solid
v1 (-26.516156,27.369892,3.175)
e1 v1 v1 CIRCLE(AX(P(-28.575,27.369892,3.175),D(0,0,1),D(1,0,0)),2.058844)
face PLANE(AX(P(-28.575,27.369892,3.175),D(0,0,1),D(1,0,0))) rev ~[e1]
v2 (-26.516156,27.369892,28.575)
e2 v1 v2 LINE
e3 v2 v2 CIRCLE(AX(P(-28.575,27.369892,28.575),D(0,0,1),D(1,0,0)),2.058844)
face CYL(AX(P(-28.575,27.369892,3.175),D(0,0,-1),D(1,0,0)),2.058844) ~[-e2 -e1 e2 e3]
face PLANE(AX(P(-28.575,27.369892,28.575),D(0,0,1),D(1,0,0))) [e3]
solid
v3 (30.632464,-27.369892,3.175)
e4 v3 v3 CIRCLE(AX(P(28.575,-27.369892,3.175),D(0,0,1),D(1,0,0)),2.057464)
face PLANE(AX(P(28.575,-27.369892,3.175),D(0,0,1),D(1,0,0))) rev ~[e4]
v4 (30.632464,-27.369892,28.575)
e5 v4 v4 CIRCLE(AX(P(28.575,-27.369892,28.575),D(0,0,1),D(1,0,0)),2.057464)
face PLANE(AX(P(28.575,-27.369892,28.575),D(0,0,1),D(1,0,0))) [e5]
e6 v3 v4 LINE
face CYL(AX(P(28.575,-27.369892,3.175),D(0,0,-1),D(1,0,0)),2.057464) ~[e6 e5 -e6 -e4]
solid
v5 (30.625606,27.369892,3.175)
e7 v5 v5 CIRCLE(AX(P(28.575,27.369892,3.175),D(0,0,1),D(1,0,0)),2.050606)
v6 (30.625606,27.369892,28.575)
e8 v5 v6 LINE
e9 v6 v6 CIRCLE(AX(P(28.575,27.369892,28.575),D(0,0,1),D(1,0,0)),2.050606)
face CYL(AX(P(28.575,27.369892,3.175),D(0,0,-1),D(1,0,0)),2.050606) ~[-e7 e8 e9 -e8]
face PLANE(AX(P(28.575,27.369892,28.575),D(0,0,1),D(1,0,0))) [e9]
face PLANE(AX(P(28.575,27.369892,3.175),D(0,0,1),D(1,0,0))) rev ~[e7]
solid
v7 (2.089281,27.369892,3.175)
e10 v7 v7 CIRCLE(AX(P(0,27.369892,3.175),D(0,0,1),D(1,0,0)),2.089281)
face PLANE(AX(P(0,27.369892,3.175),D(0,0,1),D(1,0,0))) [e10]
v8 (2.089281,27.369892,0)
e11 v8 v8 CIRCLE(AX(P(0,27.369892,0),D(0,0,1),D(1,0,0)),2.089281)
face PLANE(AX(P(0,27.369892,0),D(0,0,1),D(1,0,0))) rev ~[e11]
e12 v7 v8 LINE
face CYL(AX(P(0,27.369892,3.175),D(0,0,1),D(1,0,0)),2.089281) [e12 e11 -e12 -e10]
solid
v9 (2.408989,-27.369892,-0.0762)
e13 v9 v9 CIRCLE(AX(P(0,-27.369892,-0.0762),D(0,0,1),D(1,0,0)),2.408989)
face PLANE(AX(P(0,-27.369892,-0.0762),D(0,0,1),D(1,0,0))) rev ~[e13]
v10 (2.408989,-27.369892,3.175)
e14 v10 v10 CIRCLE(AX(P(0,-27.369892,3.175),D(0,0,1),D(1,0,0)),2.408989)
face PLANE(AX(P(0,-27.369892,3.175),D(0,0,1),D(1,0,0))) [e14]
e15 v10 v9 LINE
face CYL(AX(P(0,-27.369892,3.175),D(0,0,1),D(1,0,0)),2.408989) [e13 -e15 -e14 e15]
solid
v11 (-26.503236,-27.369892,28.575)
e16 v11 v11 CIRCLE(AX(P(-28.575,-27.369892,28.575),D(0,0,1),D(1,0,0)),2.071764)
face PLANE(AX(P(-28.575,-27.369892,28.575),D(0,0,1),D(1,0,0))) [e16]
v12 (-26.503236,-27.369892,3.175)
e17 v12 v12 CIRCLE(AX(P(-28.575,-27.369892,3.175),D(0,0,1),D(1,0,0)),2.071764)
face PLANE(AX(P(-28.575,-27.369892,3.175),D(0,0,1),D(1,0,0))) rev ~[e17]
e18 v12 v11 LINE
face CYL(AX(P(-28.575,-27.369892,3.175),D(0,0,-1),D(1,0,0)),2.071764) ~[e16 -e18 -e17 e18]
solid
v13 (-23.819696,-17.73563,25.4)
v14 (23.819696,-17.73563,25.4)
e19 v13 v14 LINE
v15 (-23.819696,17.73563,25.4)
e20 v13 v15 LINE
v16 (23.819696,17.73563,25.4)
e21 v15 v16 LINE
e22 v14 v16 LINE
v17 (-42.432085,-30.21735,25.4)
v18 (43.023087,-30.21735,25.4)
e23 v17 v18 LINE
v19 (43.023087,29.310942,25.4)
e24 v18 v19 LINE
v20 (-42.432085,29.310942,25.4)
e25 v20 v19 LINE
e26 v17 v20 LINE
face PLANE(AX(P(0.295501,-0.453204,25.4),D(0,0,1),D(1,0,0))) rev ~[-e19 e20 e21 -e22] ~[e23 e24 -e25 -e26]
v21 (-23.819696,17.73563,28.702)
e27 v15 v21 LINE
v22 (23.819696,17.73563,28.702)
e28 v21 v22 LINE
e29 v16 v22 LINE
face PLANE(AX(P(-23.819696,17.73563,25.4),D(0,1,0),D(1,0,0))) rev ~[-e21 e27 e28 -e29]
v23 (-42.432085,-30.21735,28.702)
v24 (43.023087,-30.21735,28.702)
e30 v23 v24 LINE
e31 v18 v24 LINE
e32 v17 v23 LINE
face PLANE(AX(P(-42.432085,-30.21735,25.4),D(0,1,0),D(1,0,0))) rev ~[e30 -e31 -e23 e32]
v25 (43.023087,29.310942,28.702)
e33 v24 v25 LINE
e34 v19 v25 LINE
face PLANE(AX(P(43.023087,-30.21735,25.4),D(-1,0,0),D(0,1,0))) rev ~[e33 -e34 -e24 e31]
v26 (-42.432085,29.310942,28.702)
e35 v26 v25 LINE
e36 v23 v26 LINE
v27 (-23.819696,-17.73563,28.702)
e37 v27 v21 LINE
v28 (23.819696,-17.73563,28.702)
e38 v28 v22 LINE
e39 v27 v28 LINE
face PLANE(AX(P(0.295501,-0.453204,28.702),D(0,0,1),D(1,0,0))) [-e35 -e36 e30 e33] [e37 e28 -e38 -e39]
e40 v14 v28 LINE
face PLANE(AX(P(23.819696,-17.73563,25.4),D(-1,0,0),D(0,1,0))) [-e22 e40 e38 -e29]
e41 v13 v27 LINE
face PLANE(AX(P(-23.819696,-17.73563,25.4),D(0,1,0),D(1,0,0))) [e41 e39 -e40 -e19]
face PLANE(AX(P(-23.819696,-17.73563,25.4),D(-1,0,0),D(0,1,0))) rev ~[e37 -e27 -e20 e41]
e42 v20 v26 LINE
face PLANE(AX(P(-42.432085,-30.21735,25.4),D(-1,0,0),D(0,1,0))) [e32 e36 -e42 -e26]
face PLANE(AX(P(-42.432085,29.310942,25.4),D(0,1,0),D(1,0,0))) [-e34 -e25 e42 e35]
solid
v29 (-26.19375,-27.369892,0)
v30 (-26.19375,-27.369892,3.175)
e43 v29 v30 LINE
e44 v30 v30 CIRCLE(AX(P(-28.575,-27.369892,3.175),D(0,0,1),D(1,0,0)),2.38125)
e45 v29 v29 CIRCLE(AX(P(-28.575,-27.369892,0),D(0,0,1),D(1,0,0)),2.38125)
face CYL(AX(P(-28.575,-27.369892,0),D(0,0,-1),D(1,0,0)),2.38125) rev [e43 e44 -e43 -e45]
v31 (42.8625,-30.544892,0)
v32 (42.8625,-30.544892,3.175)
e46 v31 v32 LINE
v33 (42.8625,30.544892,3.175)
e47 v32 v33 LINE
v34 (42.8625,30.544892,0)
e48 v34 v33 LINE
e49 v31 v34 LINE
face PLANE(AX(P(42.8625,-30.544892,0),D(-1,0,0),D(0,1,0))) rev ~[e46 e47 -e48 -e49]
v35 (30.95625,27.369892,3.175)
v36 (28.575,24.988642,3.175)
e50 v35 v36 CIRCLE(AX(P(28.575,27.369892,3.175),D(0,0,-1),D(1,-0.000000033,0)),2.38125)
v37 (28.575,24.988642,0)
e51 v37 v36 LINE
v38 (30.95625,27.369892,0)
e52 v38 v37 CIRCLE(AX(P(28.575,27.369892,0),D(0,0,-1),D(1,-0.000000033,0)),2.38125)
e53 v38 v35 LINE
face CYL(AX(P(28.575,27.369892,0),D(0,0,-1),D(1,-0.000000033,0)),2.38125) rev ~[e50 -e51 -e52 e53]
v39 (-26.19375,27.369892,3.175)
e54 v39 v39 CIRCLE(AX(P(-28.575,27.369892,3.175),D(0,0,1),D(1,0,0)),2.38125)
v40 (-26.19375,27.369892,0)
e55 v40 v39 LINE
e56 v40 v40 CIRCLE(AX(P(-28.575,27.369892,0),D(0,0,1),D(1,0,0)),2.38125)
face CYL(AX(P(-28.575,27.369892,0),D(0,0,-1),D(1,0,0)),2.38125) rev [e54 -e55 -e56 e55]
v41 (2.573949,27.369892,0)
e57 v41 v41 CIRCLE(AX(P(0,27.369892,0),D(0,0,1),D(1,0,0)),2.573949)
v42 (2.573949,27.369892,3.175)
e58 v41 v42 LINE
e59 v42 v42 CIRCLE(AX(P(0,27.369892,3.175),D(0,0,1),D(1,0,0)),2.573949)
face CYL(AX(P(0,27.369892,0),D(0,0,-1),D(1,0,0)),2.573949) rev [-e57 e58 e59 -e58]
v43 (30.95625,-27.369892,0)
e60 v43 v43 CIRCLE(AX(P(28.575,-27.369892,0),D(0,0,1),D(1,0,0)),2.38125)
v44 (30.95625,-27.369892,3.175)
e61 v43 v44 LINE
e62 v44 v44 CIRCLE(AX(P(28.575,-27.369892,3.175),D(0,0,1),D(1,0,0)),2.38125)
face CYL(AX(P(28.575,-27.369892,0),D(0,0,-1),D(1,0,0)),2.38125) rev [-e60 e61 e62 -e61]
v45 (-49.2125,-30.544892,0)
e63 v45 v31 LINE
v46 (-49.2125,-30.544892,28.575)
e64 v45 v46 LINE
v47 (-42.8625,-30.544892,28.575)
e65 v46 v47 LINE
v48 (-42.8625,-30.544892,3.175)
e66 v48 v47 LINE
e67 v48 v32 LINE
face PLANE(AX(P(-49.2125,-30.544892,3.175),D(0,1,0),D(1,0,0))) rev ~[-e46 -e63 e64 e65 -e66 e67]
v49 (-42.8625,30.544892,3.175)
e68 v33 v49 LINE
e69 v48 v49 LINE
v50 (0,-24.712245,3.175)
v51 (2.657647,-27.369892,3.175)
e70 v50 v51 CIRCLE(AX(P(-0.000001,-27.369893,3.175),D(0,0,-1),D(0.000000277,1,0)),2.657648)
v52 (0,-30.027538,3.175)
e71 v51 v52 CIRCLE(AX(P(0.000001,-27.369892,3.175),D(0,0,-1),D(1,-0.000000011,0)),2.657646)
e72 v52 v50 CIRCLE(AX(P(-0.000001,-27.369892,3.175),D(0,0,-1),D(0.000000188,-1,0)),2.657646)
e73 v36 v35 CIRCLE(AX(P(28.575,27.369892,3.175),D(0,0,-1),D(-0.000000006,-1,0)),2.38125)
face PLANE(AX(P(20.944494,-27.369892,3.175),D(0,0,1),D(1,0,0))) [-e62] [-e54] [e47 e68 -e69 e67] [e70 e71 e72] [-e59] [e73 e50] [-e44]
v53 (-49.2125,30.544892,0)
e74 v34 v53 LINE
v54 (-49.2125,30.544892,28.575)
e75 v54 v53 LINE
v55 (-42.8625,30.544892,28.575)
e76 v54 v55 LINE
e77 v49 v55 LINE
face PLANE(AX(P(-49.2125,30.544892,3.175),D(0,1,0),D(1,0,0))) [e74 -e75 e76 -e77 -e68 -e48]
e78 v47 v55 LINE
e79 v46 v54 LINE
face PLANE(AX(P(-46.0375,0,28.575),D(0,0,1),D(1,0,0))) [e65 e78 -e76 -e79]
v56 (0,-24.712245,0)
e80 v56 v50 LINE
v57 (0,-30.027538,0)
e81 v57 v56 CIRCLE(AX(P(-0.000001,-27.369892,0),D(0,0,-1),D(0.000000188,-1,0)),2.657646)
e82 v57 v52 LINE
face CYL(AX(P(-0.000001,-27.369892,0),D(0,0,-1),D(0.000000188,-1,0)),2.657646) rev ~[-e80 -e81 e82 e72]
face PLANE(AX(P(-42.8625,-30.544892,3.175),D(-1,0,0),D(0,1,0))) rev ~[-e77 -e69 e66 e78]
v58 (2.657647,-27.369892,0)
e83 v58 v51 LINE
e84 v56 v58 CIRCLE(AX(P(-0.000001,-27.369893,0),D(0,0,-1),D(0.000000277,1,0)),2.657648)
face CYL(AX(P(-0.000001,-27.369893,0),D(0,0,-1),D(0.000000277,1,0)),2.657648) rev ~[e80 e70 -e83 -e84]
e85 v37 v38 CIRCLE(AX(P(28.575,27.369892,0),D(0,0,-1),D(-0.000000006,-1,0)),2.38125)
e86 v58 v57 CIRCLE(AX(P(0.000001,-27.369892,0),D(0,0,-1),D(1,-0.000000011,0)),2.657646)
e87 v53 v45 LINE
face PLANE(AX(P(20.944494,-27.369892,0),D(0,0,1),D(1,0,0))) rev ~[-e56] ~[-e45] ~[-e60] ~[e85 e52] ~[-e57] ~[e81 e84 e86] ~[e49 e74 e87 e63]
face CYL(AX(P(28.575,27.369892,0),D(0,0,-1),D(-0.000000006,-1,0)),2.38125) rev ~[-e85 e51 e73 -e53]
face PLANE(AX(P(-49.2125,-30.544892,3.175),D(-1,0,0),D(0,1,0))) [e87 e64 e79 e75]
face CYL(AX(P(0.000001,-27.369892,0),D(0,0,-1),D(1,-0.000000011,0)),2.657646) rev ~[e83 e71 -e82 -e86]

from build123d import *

# Parameters (mm, degrees)
F0_R      = 2.38125
F0_R_2    = 2.573949
F1_DEPTH  = 3.175
F2_R      = 2.058844
F3_DEPTH  = 25.4
F4_R      = 2.050606
F5_DEPTH  = 25.4
F6_R      = 2.071764
F7_DEPTH  = 25.4
F8_R      = 2.057464
F9_DEPTH  = 25.4
F10_R     = 2.089281
F11_DEPTH = 3.175
F12_R     = 2.408989
F13_DEPTH = 3.2512
F14_W     = 6.35
F14_H     = 61.089784
F15_DEPTH = 25.4
F17_W     = 85.455172
F17_H     = 59.528292
F17_W_2   = 47.639392
F17_H_2   = 35.47126
F18_DEPTH = 3.302


with BuildPart() as f1:
    # F0 (on Top) → F1 (new body)
    with BuildSketch(Plane.XY):
        with BuildLine():
            Line((42.8625, -30.544892), (42.8625, -24.194892))
            Line((42.8625, -24.194892), (4.207531, -24.194892))
            Line((4.207531, -24.194892), (0, -24.194892))
            Line((0, -24.194892), (0, -24.712245))
            ThreePointArc((0, -24.712245), (1.87924, -25.490652), (2.657647, -27.369892))
            ThreePointArc((2.657647, -27.369892), (1.87924, -29.249132), (0, -30.027538))
            Line((0, -30.027538), (0, -30.544892))
            Line((0, -30.544892), (4.207531, -30.544892))
            Line((4.207531, -30.544892), (42.8625, -30.544892))
        make_face()
        with Locations((28.575, -27.369892)):
            Circle(F0_R, mode=Mode.SUBTRACT)
        Polygon((4.207531, -24.194892), (42.8625, -24.194892), (42.8625, 24.194892), (28.575, 24.194892), (-42.8625, 24.194892), (-42.8625, 0), (-42.8625, -24.194892), (-4.207531, -24.194892), (0, -24.194892), align=None)
        with BuildLine():
            ThreePointArc((30.95625, 27.369892), (26.891202, 29.05369), (28.575, 24.988642))
            ThreePointArc((28.575, 24.988642), (30.258798, 25.686094), (30.95625, 27.369892))
        make_face()
        Polygon((28.575, 24.194892), (42.8625, 24.194892), (42.8625, 30.544892), (0, 30.544892), (-49.2125, 30.544892), (-49.2125, 0), (-42.8625, 0), (-42.8625, 24.194892), align=None)
        with Locations((-28.575, 27.369892)):
            Circle(F0_R, mode=Mode.SUBTRACT)
        with Locations((0, 27.369892)):
            Circle(F0_R_2, mode=Mode.SUBTRACT)
        with BuildLine():
            ThreePointArc((30.95625, 27.369892), (30.258798, 25.686094), (28.575, 24.988642))
            ThreePointArc((28.575, 24.988642), (26.891202, 29.05369), (30.95625, 27.369892))
        make_face(mode=Mode.SUBTRACT)
        with BuildLine():
            Line((0, -24.712245), (0, -24.194892))
            Line((0, -24.194892), (-4.207531, -24.194892))
            Line((-4.207531, -24.194892), (-42.8625, -24.194892))
            Line((-42.8625, -24.194892), (-42.8625, -30.544892))
            Line((-42.8625, -30.544892), (-4.207531, -30.544892))
            Line((-4.207531, -30.544892), (0, -30.544892))
            Line((0, -30.544892), (0, -30.027538))
            ThreePointArc((0, -30.027538), (-2.657647, -27.369892), (0, -24.712245))
        make_face()
        with Locations((-28.575, -27.369892)):
            Circle(F0_R, mode=Mode.SUBTRACT)
        Polygon((-42.8625, -30.544892), (-42.8625, -24.194892), (-42.8625, 0), (-49.2125, 0), (-49.2125, -30.544892), align=None)
    extrude(amount=F1_DEPTH)

    # F14 (on face) → F15 (join)
    with BuildSketch(Plane.XY.offset(3.175)):
        with Locations((-46.0375, 0)):
            Rectangle(F14_W, F14_H)
    extrude(amount=F15_DEPTH)


with BuildPart() as f3:
    # F2 (on face) → F3 (new body)
    with BuildSketch(Plane.XY.offset(3.175)):
        with Locations((-28.575, 27.369892)):
            Circle(F2_R)
    extrude(amount=F3_DEPTH)


with BuildPart() as f5:
    # F4 (on face) → F5 (new body)
    with BuildSketch(Plane.XY.offset(3.175)):
        with Locations((28.575, 27.369892)):
            Circle(F4_R)
    extrude(amount=F5_DEPTH)


with BuildPart() as f7:
    # F6 (on face) → F7 (new body)
    with BuildSketch(Plane.XY.offset(3.175)):
        with Locations((-28.575, -27.369892)):
            Circle(F6_R)
    extrude(amount=F7_DEPTH)


with BuildPart() as f9:
    # F8 (on face) → F9 (new body)
    with BuildSketch(Plane.XY.offset(3.175)):
        with Locations((28.575, -27.369892)):
            Circle(F8_R)
    extrude(amount=F9_DEPTH)


with BuildPart() as f11:
    # F10 (on face) → F11 (new body)
    with BuildSketch(Plane.XY.offset(3.175)):
        with Locations((0, 27.369892)):
            Circle(F10_R)
    extrude(amount=-F11_DEPTH)


with BuildPart() as f13:
    # F12 (on face) → F13 (new body)
    with BuildSketch(Plane.XY.offset(3.175)):
        with Locations((0, -27.369892)):
            Circle(F12_R)
    extrude(amount=-F13_DEPTH)


with BuildPart() as f18:
    # F17 (on offset) → F18 (new body)
    with BuildSketch(Plane.XY.offset(25.4)):
        with Locations((0.295501, -0.453204)):
            Rectangle(F17_W, F17_H)
        Rectangle(F17_W_2, F17_H_2, mode=Mode.SUBTRACT)
    extrude(amount=F18_DEPTH)


solid = Compound([f1.part, f3.part, f5.part, f7.part, f9.part, f11.part, f13.part, f18.part])
